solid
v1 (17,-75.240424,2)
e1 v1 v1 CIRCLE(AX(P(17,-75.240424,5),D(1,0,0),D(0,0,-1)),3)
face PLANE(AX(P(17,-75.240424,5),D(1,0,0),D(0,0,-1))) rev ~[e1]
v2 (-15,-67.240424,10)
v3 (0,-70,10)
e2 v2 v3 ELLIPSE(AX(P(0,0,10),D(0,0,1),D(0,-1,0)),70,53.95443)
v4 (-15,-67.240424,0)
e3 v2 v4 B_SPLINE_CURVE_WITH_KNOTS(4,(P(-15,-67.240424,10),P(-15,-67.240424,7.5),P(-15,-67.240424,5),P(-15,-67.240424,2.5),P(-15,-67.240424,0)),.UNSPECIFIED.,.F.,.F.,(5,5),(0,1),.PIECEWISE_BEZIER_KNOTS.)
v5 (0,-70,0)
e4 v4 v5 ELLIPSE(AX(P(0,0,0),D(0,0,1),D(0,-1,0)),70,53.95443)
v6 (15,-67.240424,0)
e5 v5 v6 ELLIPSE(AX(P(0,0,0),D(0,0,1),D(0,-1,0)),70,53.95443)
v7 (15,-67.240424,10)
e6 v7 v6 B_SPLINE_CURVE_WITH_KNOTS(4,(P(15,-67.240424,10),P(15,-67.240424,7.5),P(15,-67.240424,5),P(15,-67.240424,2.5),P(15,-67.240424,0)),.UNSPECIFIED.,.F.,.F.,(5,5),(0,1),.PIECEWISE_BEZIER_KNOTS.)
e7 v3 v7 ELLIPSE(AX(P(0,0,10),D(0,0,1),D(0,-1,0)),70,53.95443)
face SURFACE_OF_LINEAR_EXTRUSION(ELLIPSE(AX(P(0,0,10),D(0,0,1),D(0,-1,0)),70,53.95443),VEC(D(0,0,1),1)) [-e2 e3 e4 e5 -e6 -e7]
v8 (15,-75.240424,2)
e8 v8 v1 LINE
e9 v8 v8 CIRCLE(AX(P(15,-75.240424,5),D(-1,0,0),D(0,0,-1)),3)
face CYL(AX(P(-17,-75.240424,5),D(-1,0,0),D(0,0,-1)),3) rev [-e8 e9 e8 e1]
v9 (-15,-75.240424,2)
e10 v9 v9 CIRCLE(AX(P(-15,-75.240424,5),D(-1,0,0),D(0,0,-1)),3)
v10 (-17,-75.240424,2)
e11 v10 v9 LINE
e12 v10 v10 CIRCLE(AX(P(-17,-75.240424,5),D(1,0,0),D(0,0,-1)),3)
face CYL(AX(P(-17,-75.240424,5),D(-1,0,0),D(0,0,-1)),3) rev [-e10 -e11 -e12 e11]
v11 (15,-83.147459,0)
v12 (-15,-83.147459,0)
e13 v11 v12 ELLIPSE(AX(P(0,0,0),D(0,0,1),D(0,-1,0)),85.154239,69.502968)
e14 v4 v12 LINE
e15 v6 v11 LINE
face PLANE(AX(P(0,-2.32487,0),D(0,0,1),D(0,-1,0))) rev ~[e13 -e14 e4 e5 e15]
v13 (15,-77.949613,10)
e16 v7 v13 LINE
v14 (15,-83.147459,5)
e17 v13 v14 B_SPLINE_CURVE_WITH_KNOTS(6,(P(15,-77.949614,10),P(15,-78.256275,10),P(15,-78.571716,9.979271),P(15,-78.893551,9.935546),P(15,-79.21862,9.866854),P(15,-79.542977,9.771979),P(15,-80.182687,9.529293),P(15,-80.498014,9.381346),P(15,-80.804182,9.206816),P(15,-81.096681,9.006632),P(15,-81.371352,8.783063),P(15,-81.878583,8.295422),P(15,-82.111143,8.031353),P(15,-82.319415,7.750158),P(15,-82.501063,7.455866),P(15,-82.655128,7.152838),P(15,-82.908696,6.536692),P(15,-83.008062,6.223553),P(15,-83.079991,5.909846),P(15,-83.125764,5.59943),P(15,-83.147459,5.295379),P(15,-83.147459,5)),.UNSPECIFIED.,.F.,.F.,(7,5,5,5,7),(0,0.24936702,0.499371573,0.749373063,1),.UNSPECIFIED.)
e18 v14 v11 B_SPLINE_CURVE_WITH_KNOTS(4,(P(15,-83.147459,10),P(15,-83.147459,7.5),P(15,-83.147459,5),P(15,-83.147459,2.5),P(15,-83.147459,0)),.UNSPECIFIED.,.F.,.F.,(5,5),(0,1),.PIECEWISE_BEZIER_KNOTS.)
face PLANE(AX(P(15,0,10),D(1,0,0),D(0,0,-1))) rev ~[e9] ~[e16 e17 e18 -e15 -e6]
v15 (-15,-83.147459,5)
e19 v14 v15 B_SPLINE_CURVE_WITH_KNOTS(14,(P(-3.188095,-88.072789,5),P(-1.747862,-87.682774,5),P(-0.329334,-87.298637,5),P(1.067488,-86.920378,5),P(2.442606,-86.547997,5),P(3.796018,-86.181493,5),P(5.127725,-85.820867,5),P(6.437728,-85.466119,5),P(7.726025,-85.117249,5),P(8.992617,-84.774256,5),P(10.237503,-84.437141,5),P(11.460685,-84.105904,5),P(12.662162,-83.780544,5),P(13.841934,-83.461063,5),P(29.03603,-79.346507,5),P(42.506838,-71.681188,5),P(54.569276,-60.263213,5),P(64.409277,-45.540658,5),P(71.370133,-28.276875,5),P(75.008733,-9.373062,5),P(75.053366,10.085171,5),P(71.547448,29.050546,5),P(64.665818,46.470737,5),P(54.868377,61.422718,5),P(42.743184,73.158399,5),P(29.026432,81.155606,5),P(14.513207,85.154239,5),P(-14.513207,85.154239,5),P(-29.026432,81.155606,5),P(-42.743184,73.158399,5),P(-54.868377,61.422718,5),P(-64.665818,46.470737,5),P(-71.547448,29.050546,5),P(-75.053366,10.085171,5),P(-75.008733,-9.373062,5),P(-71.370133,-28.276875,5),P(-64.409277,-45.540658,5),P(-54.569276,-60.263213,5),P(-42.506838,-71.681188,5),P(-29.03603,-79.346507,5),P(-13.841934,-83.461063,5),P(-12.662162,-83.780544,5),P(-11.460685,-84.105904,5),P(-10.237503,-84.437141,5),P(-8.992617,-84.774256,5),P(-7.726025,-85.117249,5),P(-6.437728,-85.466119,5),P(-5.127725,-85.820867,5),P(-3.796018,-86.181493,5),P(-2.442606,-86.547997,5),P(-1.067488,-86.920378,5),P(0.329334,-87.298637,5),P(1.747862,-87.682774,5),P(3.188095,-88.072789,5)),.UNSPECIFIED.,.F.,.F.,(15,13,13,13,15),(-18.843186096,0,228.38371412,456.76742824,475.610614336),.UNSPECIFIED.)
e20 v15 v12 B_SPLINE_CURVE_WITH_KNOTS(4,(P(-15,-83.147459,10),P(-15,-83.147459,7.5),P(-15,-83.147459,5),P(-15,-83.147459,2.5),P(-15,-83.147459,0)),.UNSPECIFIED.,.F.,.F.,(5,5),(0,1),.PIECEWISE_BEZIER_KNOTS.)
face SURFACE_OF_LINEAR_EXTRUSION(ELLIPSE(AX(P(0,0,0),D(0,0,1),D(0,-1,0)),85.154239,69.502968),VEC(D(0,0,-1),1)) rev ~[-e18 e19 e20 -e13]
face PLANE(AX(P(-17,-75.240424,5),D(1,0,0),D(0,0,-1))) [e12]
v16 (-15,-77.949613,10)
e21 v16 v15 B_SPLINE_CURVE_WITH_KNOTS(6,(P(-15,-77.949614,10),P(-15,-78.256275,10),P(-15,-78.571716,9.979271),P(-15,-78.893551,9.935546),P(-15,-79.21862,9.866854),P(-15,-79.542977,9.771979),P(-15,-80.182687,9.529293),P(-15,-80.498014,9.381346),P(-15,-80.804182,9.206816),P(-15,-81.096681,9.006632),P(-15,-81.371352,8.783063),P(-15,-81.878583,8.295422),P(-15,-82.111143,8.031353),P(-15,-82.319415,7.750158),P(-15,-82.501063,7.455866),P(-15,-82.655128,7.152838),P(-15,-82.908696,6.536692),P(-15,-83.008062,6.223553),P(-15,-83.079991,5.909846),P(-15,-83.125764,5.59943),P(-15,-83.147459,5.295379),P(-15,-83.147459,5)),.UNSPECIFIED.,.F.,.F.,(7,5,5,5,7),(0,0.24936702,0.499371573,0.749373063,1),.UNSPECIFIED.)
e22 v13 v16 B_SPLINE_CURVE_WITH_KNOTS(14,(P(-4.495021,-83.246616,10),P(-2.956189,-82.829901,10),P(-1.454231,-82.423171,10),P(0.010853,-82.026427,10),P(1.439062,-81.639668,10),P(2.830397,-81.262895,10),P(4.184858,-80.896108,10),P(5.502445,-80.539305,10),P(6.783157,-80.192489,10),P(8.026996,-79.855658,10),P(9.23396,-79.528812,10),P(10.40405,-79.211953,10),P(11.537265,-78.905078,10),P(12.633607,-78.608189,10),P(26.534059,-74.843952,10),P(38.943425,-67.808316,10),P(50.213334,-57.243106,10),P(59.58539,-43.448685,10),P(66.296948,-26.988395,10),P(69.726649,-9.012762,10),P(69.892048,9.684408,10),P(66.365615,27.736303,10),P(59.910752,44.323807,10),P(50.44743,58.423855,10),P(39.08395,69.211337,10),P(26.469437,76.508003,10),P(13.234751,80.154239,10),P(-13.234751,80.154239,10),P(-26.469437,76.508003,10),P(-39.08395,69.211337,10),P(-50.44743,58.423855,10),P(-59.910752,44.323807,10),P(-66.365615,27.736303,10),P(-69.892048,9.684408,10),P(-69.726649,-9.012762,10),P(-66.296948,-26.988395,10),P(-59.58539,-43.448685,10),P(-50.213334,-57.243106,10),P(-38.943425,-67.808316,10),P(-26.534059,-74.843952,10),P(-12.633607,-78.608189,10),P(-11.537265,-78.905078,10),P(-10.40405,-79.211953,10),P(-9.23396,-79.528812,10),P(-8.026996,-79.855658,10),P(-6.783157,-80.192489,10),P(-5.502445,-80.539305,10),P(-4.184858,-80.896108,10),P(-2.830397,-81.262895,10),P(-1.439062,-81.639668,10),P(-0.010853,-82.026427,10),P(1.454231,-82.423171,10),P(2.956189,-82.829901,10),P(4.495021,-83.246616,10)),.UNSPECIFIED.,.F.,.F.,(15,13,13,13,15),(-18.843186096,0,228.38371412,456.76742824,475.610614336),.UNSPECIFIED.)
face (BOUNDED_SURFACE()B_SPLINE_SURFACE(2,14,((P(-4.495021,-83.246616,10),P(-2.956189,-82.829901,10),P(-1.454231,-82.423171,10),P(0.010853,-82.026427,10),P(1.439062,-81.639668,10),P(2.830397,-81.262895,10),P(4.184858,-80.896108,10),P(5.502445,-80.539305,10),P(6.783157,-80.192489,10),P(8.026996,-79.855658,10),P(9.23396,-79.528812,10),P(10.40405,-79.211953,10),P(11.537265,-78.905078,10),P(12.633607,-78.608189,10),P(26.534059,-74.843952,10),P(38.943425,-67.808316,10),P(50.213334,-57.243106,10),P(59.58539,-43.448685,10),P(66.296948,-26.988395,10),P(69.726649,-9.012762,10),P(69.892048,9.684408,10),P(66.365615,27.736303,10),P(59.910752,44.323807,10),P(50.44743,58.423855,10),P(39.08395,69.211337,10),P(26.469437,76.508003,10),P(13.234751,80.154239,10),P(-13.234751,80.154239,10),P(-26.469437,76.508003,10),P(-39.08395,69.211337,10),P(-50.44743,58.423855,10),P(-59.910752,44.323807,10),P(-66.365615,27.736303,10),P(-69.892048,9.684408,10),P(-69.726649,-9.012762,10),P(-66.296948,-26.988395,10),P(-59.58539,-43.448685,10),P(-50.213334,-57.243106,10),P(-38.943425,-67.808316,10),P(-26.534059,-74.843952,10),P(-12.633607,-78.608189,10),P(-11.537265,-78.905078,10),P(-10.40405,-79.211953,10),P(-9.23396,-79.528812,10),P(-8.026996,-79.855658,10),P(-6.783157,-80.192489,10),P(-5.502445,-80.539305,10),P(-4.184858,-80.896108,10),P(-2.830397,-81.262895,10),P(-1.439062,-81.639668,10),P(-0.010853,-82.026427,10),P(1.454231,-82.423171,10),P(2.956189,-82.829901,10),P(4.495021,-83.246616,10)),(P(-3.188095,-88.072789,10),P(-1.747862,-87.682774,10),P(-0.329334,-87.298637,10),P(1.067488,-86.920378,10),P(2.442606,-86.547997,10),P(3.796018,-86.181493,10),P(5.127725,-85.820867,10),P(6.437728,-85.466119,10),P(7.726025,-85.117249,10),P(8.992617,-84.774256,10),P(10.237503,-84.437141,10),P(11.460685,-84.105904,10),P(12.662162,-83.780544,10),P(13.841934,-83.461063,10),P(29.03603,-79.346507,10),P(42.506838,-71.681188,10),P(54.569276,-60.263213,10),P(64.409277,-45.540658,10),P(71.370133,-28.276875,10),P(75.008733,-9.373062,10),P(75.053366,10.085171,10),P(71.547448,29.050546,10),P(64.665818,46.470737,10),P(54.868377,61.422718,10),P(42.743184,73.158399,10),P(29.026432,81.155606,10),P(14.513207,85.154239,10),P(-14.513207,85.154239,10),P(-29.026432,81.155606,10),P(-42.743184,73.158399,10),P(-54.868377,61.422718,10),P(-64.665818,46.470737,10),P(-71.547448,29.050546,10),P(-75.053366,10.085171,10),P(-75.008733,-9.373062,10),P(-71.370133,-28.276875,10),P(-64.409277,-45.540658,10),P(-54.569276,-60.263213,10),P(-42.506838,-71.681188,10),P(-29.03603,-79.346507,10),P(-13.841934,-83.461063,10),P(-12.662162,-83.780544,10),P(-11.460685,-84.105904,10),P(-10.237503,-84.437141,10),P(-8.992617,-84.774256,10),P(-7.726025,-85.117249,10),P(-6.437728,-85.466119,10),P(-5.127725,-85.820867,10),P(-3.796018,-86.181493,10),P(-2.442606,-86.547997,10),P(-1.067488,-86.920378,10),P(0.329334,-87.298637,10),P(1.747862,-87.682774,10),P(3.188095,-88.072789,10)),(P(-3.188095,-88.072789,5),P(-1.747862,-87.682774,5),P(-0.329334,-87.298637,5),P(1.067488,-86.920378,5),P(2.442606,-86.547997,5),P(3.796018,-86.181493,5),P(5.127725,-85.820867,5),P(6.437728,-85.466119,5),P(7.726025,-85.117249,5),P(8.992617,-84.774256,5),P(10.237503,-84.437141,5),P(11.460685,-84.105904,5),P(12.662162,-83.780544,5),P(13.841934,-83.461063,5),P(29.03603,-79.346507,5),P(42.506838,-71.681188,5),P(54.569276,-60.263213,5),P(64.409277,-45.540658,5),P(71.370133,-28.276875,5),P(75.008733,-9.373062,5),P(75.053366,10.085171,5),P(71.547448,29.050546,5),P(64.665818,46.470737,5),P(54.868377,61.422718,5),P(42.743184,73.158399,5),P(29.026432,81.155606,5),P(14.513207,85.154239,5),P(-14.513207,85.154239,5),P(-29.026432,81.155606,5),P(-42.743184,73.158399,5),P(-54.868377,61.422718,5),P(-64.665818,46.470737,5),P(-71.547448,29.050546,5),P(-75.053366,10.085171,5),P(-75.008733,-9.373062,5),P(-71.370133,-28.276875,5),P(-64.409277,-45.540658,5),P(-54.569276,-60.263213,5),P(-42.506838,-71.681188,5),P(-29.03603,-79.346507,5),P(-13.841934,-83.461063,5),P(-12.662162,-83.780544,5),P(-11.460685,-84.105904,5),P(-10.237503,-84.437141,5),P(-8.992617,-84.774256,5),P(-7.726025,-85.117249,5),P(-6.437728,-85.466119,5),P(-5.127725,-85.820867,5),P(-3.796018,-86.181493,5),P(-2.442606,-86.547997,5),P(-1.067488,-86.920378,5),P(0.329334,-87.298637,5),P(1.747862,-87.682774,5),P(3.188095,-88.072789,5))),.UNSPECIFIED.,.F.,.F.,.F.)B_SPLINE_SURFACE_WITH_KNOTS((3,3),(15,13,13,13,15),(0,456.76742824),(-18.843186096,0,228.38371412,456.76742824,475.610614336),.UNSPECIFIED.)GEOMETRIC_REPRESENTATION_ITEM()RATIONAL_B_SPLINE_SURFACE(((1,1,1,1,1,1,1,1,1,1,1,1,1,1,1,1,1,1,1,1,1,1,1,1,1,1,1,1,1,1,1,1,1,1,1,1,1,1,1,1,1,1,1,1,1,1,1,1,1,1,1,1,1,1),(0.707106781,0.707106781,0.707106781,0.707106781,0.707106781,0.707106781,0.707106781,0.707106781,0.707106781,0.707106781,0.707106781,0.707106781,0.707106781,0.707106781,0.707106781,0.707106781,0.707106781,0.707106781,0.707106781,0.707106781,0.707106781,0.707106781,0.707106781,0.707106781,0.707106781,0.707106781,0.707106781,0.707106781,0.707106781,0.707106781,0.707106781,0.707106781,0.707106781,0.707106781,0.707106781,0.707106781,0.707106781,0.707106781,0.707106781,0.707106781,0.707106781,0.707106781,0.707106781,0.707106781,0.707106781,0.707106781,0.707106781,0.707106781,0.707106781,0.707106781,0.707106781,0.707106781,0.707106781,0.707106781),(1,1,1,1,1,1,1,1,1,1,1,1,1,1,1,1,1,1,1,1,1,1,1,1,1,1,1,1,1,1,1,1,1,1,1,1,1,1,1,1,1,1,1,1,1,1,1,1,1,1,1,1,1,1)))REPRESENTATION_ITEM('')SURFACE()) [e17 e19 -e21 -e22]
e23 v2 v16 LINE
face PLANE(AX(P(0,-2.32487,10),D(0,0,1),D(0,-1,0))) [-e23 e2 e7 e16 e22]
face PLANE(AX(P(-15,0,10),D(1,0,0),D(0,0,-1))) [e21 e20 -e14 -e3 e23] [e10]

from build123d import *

# Parameters (mm, degrees)
SKETCH2_RX              = 85.154239152
SKETCH2_RY              = 69.502968375
SKETCH2_RX_2            = 70
SKETCH2_RY_2            = 53.954429773
BOSS_EXTRUDE2_DEPTH     = 10
SKETCH5_W               = 30
SKETCH5_H               = 10
CUT_EXTRUDE4_DEPTH      = 198
SKETCH7_RX              = 70
SKETCH7_RY              = 53.954429773
BOSS_EXTRUDE4_DEPTH     = 10
FILLET3_R               = 5
CUT_EXTRUDE5_DEPTH      = 32
CUT_EXTRUDE5_DEPTH_BACK = 2
SKETCH8_R               = 3


with BuildPart() as part:
    # Sketch2 → Boss-Extrude2 (new body)
    with BuildSketch(Plane.XY):
        with Locations(Location((0, 0), (0, 0, -90))):
            Ellipse(SKETCH2_RX, SKETCH2_RY)
        with Locations(Location((0, 0), (0, 0, -90))):
            Ellipse(SKETCH2_RX_2, SKETCH2_RY_2, mode=Mode.SUBTRACT)
    extrude(amount=BOSS_EXTRUDE2_DEPTH)

    # Sketch5 → Cut-Extrude4 (cut)
    with BuildSketch(Plane(origin=(0, 0, 0), x_dir=(1, 0, 0), z_dir=(0, 1, 0))):
        with Locations((0, -5)):
            Rectangle(SKETCH5_W, SKETCH5_H)
    extrude(amount=-CUT_EXTRUDE4_DEPTH, mode=Mode.SUBTRACT)

    # Sketch7 → Boss-Extrude4 (add)
    with BuildSketch(Plane.XY.offset(10)):
        with Locations(Location((0, 0), (0, 0, -90))):
            Ellipse(SKETCH7_RX, SKETCH7_RY)
    extrude(amount=-BOSS_EXTRUDE4_DEPTH)

    # Fillet3
    fillet3_edges = [part.edges().sort_by_distance(p)[0] for p in [
        (-0.004276398, 85.154238991, 10),
    ]]
    fillet(fillet3_edges, radius=FILLET3_R)

    # Sketch8 → Cut-Extrude5 (cut, two sides: drawn at the far end of the back side and taken through both)
    with BuildSketch(Plane(origin=(-15, 0, 0), x_dir=(0, 0, -1), z_dir=(1, 0, 0)).offset(-CUT_EXTRUDE5_DEPTH_BACK)):
        with Locations((-5, -75.24042417)):
            Circle(SKETCH8_R)
    extrude(amount=CUT_EXTRUDE5_DEPTH + CUT_EXTRUDE5_DEPTH_BACK, mode=Mode.SUBTRACT)


solid = part.part
